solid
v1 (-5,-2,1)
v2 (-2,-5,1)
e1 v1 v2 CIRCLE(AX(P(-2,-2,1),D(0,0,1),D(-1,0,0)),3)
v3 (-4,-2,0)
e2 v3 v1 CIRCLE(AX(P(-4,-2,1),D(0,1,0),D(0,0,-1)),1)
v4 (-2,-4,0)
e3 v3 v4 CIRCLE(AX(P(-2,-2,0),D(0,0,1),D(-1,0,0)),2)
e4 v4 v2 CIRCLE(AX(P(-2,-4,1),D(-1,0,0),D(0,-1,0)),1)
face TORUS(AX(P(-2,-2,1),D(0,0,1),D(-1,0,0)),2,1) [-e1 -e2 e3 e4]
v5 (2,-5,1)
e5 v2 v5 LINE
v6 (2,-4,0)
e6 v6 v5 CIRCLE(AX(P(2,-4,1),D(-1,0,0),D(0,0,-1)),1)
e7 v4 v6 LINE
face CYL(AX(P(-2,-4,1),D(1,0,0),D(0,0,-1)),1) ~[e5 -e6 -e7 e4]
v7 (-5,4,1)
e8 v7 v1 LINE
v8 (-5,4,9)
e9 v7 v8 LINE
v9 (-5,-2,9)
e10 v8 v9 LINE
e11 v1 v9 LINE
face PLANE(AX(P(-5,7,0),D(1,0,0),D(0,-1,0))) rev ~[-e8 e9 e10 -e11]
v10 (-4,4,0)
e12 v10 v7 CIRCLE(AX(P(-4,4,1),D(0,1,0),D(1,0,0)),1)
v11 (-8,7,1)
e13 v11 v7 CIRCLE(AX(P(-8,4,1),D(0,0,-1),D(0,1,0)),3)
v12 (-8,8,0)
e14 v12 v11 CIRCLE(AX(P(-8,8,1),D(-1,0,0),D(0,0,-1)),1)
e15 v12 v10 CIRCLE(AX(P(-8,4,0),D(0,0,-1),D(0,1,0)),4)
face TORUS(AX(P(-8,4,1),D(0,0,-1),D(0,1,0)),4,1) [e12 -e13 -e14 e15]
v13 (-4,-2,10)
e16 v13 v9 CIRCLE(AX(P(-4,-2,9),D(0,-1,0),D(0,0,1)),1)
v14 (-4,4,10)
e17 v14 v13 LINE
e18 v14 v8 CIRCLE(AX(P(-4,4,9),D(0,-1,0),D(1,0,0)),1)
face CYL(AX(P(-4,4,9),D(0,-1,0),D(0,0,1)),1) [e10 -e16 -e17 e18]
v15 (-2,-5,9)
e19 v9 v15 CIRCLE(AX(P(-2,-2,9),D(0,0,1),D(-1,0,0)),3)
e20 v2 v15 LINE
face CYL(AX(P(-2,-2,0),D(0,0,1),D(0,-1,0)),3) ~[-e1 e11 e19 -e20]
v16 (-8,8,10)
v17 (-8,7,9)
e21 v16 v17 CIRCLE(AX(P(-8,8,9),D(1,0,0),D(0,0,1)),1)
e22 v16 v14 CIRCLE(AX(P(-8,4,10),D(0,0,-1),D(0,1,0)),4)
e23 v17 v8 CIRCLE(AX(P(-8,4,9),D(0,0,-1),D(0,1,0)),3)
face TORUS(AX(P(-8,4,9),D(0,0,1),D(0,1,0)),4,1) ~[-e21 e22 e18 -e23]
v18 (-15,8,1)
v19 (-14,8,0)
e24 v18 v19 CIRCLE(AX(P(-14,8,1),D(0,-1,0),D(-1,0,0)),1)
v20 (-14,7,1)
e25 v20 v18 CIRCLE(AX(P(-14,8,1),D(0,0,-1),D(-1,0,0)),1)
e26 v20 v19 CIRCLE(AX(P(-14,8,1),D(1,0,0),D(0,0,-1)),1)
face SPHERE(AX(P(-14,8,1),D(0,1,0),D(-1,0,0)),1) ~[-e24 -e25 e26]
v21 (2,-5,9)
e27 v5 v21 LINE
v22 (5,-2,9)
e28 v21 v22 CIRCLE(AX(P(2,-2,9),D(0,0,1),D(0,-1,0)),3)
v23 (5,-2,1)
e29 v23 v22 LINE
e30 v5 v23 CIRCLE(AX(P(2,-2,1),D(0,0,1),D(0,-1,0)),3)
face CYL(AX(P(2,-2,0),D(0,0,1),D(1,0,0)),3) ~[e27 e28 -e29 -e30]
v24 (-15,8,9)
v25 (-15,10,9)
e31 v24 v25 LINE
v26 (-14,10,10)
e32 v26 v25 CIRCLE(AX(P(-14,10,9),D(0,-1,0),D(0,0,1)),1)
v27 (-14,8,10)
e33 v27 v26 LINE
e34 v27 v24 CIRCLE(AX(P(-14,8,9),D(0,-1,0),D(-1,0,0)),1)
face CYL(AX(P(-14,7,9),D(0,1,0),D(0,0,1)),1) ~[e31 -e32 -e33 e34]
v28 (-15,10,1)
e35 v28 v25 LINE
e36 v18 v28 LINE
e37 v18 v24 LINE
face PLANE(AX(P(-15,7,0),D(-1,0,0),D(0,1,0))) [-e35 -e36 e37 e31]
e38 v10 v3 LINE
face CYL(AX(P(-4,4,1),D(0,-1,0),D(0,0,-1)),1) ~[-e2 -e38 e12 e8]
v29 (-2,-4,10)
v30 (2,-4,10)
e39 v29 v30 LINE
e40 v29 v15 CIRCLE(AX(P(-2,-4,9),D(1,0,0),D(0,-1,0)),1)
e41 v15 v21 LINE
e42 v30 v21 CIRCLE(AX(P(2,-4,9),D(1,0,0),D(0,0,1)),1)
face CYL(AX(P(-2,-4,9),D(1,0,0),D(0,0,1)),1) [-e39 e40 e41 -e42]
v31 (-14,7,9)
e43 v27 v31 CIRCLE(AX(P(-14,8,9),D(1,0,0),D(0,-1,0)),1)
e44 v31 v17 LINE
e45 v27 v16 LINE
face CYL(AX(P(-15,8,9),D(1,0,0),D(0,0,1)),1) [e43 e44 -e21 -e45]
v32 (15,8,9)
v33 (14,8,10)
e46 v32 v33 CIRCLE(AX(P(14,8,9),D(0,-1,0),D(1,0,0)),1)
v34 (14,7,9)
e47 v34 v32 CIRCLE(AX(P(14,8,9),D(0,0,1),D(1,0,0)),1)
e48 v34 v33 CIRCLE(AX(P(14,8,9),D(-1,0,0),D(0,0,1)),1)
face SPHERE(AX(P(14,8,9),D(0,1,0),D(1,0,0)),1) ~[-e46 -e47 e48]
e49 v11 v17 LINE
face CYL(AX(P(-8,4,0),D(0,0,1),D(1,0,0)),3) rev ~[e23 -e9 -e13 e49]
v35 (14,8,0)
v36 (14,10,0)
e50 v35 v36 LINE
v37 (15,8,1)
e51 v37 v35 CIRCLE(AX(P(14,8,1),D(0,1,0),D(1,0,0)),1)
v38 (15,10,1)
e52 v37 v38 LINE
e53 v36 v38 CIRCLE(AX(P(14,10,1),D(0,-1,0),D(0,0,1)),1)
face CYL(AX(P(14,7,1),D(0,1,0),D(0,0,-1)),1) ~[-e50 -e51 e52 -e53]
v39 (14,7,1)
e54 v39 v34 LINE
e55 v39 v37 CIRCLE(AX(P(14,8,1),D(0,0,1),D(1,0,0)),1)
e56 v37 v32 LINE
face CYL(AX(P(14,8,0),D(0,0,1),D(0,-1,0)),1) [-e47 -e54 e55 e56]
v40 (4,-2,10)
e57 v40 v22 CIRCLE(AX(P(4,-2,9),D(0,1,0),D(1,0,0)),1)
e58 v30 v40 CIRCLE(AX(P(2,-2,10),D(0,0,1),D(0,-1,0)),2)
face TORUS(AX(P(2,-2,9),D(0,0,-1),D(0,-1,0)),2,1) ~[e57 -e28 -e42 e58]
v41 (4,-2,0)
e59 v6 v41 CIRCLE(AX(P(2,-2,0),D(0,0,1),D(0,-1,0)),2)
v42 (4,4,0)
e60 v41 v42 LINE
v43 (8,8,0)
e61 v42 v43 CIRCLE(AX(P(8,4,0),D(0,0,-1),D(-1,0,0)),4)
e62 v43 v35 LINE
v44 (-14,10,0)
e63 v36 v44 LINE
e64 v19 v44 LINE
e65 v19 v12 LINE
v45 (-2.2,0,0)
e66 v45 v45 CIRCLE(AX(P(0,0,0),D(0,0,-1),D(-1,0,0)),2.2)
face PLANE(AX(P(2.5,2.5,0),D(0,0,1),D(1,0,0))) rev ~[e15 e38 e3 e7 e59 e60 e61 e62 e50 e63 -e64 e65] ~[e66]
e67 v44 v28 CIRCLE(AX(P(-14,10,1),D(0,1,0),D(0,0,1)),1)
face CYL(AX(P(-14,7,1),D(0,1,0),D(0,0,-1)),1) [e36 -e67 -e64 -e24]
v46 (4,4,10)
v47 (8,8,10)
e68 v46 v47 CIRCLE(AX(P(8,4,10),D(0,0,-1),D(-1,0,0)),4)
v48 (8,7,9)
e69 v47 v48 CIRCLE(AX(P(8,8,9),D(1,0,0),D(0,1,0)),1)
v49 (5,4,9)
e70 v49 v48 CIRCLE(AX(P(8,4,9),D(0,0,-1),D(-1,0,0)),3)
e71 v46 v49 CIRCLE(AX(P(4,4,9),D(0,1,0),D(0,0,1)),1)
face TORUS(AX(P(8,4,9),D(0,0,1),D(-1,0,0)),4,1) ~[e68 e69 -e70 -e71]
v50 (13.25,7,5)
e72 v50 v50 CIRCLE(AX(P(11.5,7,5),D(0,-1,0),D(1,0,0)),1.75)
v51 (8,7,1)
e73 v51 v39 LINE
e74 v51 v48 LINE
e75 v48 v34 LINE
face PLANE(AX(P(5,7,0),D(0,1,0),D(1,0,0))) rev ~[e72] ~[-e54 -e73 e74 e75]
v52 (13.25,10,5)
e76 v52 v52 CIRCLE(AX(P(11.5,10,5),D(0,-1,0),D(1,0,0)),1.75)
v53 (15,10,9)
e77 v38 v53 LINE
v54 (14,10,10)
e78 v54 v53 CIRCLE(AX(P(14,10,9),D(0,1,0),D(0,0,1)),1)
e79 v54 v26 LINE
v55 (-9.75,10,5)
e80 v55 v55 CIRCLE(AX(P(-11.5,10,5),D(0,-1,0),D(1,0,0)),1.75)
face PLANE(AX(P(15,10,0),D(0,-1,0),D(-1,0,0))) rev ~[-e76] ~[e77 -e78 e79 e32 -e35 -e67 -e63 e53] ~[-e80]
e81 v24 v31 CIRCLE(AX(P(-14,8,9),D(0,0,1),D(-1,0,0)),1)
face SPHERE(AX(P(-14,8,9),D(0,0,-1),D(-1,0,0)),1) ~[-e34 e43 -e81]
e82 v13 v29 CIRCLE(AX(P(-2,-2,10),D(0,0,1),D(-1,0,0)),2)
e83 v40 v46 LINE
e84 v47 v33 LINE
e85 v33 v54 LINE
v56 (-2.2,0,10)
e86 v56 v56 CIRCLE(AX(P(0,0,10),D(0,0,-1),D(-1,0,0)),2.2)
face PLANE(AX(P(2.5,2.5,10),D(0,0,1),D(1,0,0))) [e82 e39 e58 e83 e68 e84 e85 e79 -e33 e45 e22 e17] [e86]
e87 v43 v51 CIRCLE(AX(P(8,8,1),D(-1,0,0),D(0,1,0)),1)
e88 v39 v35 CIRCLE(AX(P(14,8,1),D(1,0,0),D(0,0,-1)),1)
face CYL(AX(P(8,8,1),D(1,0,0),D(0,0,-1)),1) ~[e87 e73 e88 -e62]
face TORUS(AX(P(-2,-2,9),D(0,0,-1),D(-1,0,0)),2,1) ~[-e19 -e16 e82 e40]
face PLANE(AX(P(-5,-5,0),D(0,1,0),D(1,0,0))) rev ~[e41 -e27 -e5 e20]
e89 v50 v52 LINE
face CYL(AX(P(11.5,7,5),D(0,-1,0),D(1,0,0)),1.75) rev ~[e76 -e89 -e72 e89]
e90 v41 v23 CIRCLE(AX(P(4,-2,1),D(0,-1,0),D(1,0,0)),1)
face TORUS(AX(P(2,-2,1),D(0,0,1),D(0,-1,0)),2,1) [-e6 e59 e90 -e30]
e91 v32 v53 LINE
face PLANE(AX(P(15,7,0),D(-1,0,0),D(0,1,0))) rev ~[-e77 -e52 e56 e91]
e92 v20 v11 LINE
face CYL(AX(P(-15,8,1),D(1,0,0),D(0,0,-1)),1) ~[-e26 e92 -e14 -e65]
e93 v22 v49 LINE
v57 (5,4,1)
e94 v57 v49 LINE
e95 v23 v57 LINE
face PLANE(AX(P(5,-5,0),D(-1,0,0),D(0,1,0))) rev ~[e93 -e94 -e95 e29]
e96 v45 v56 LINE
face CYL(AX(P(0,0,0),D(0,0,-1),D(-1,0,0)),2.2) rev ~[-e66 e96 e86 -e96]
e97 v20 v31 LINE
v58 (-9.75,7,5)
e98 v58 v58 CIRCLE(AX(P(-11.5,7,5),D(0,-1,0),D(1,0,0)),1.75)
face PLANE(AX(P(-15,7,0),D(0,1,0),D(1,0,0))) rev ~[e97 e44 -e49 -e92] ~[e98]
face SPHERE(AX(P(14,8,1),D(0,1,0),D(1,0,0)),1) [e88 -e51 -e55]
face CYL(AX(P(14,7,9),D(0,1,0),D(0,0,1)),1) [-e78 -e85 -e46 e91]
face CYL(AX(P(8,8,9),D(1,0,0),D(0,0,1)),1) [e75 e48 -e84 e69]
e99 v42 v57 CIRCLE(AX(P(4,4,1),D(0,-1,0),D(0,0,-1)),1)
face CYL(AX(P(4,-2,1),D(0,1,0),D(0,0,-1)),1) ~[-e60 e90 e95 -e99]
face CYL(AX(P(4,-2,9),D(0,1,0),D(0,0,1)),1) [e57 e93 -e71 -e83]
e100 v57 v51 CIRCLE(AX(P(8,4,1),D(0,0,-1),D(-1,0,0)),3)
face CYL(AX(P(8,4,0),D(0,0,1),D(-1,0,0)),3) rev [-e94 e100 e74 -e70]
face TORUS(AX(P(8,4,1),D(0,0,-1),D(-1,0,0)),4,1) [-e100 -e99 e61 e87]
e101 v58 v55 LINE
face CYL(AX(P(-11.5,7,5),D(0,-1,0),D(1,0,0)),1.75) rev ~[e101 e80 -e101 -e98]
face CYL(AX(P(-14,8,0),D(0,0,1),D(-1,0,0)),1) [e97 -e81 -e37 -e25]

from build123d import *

# Parameters (mm, degrees)
SKETCH_1_W          = 10
SKETCH_1_H          = 3
EXTRUDE_1_DEPTH     = 10
SKETCH_2_R          = 2.2
CUT_EXTRUDE_1_DEPTH = 11
SKETCH_3_R          = 1.75
CUT_EXTRUDE_2_DEPTH = 4
FILLET_1_R          = 3
FILLET_2_R          = 1


with BuildPart() as part:
    # ｽｹｯﾁ1 → ﾎﾞｽ - 押し出し1 (new body)
    with BuildSketch(Plane.XY):
        Polygon((5, 10), (0, 10), (0, -5), (5, -5), (5, 7), align=None)
        with Locations((10, 8.5)):
            Rectangle(SKETCH_1_W, SKETCH_1_H)
        Polygon((0, -5), (0, 10), (-5, 10), (-5, 7), (-5, -5), align=None)
        with Locations((-10, 8.5)):
            Rectangle(SKETCH_1_W, SKETCH_1_H)
    extrude(amount=EXTRUDE_1_DEPTH)

    # ｽｹｯﾁ2 → ｶｯﾄ - 押し出し1 (cut, through all)
    with BuildSketch(Plane(origin=(0, 0, 0), x_dir=(-1, 0, 0), z_dir=(0, 0, -1))):
        Circle(SKETCH_2_R)
    extrude(amount=-CUT_EXTRUDE_1_DEPTH, mode=Mode.SUBTRACT)

    # ｽｹｯﾁ3 → ｶｯﾄ - 押し出し2 (cut, through all)
    with BuildSketch(Plane.XZ.offset(-7)):
        with Locations((-11.5, 5)):
            Circle(SKETCH_3_R)
        with Locations((11.5, 5)):
            Circle(SKETCH_3_R)
    extrude(amount=-CUT_EXTRUDE_2_DEPTH, mode=Mode.SUBTRACT)

    # ﾌｨﾚｯﾄ1
    fillet_1_edges = [part.edges().sort_by_distance(p)[0] for p in [
        (5, -5, 5),
        (-5, -5, 5),
        (-5, 7, 5),
        (5, 7, 5),
    ]]
    fillet(fillet_1_edges, radius=FILLET_1_R)

    # ﾌｨﾚｯﾄ2
    fillet_2_edges = [part.edges().sort_by_distance(p)[0] for p in [
        (-15, 8.5, 0),
        (15, 8.5, 0),
        (15, 8.5, 10),
        (-15, 7, 5),
        (15, 7, 5),
        (-15, 8.5, 10),
        (-5, 1, 0),
        (-5, 1, 10),
        (-11.5, 7, 0),
        (-11.5, 7, 10),
        (11.5, 7, 0),
        (11.5, 7, 10),
        (5, 1, 0),
        (5, 1, 10),
        (0, -5, 0),
        (0, -5, 10),
        (4.121320344, -4.121320344, 0),
        (-4.121320344, -4.121320344, 0),
        (4.121320344, -4.121320344, 10),
        (-4.121320344, -4.121320344, 10),
        (-5.878679656, 6.121320344, 0),
        (-5.878679656, 6.121320344, 10),
        (5.878679656, 6.121320344, 0),
        (5.878679656, 6.121320344, 10),
    ]]
    fillet(fillet_2_edges, radius=FILLET_2_R)


solid = part.part
